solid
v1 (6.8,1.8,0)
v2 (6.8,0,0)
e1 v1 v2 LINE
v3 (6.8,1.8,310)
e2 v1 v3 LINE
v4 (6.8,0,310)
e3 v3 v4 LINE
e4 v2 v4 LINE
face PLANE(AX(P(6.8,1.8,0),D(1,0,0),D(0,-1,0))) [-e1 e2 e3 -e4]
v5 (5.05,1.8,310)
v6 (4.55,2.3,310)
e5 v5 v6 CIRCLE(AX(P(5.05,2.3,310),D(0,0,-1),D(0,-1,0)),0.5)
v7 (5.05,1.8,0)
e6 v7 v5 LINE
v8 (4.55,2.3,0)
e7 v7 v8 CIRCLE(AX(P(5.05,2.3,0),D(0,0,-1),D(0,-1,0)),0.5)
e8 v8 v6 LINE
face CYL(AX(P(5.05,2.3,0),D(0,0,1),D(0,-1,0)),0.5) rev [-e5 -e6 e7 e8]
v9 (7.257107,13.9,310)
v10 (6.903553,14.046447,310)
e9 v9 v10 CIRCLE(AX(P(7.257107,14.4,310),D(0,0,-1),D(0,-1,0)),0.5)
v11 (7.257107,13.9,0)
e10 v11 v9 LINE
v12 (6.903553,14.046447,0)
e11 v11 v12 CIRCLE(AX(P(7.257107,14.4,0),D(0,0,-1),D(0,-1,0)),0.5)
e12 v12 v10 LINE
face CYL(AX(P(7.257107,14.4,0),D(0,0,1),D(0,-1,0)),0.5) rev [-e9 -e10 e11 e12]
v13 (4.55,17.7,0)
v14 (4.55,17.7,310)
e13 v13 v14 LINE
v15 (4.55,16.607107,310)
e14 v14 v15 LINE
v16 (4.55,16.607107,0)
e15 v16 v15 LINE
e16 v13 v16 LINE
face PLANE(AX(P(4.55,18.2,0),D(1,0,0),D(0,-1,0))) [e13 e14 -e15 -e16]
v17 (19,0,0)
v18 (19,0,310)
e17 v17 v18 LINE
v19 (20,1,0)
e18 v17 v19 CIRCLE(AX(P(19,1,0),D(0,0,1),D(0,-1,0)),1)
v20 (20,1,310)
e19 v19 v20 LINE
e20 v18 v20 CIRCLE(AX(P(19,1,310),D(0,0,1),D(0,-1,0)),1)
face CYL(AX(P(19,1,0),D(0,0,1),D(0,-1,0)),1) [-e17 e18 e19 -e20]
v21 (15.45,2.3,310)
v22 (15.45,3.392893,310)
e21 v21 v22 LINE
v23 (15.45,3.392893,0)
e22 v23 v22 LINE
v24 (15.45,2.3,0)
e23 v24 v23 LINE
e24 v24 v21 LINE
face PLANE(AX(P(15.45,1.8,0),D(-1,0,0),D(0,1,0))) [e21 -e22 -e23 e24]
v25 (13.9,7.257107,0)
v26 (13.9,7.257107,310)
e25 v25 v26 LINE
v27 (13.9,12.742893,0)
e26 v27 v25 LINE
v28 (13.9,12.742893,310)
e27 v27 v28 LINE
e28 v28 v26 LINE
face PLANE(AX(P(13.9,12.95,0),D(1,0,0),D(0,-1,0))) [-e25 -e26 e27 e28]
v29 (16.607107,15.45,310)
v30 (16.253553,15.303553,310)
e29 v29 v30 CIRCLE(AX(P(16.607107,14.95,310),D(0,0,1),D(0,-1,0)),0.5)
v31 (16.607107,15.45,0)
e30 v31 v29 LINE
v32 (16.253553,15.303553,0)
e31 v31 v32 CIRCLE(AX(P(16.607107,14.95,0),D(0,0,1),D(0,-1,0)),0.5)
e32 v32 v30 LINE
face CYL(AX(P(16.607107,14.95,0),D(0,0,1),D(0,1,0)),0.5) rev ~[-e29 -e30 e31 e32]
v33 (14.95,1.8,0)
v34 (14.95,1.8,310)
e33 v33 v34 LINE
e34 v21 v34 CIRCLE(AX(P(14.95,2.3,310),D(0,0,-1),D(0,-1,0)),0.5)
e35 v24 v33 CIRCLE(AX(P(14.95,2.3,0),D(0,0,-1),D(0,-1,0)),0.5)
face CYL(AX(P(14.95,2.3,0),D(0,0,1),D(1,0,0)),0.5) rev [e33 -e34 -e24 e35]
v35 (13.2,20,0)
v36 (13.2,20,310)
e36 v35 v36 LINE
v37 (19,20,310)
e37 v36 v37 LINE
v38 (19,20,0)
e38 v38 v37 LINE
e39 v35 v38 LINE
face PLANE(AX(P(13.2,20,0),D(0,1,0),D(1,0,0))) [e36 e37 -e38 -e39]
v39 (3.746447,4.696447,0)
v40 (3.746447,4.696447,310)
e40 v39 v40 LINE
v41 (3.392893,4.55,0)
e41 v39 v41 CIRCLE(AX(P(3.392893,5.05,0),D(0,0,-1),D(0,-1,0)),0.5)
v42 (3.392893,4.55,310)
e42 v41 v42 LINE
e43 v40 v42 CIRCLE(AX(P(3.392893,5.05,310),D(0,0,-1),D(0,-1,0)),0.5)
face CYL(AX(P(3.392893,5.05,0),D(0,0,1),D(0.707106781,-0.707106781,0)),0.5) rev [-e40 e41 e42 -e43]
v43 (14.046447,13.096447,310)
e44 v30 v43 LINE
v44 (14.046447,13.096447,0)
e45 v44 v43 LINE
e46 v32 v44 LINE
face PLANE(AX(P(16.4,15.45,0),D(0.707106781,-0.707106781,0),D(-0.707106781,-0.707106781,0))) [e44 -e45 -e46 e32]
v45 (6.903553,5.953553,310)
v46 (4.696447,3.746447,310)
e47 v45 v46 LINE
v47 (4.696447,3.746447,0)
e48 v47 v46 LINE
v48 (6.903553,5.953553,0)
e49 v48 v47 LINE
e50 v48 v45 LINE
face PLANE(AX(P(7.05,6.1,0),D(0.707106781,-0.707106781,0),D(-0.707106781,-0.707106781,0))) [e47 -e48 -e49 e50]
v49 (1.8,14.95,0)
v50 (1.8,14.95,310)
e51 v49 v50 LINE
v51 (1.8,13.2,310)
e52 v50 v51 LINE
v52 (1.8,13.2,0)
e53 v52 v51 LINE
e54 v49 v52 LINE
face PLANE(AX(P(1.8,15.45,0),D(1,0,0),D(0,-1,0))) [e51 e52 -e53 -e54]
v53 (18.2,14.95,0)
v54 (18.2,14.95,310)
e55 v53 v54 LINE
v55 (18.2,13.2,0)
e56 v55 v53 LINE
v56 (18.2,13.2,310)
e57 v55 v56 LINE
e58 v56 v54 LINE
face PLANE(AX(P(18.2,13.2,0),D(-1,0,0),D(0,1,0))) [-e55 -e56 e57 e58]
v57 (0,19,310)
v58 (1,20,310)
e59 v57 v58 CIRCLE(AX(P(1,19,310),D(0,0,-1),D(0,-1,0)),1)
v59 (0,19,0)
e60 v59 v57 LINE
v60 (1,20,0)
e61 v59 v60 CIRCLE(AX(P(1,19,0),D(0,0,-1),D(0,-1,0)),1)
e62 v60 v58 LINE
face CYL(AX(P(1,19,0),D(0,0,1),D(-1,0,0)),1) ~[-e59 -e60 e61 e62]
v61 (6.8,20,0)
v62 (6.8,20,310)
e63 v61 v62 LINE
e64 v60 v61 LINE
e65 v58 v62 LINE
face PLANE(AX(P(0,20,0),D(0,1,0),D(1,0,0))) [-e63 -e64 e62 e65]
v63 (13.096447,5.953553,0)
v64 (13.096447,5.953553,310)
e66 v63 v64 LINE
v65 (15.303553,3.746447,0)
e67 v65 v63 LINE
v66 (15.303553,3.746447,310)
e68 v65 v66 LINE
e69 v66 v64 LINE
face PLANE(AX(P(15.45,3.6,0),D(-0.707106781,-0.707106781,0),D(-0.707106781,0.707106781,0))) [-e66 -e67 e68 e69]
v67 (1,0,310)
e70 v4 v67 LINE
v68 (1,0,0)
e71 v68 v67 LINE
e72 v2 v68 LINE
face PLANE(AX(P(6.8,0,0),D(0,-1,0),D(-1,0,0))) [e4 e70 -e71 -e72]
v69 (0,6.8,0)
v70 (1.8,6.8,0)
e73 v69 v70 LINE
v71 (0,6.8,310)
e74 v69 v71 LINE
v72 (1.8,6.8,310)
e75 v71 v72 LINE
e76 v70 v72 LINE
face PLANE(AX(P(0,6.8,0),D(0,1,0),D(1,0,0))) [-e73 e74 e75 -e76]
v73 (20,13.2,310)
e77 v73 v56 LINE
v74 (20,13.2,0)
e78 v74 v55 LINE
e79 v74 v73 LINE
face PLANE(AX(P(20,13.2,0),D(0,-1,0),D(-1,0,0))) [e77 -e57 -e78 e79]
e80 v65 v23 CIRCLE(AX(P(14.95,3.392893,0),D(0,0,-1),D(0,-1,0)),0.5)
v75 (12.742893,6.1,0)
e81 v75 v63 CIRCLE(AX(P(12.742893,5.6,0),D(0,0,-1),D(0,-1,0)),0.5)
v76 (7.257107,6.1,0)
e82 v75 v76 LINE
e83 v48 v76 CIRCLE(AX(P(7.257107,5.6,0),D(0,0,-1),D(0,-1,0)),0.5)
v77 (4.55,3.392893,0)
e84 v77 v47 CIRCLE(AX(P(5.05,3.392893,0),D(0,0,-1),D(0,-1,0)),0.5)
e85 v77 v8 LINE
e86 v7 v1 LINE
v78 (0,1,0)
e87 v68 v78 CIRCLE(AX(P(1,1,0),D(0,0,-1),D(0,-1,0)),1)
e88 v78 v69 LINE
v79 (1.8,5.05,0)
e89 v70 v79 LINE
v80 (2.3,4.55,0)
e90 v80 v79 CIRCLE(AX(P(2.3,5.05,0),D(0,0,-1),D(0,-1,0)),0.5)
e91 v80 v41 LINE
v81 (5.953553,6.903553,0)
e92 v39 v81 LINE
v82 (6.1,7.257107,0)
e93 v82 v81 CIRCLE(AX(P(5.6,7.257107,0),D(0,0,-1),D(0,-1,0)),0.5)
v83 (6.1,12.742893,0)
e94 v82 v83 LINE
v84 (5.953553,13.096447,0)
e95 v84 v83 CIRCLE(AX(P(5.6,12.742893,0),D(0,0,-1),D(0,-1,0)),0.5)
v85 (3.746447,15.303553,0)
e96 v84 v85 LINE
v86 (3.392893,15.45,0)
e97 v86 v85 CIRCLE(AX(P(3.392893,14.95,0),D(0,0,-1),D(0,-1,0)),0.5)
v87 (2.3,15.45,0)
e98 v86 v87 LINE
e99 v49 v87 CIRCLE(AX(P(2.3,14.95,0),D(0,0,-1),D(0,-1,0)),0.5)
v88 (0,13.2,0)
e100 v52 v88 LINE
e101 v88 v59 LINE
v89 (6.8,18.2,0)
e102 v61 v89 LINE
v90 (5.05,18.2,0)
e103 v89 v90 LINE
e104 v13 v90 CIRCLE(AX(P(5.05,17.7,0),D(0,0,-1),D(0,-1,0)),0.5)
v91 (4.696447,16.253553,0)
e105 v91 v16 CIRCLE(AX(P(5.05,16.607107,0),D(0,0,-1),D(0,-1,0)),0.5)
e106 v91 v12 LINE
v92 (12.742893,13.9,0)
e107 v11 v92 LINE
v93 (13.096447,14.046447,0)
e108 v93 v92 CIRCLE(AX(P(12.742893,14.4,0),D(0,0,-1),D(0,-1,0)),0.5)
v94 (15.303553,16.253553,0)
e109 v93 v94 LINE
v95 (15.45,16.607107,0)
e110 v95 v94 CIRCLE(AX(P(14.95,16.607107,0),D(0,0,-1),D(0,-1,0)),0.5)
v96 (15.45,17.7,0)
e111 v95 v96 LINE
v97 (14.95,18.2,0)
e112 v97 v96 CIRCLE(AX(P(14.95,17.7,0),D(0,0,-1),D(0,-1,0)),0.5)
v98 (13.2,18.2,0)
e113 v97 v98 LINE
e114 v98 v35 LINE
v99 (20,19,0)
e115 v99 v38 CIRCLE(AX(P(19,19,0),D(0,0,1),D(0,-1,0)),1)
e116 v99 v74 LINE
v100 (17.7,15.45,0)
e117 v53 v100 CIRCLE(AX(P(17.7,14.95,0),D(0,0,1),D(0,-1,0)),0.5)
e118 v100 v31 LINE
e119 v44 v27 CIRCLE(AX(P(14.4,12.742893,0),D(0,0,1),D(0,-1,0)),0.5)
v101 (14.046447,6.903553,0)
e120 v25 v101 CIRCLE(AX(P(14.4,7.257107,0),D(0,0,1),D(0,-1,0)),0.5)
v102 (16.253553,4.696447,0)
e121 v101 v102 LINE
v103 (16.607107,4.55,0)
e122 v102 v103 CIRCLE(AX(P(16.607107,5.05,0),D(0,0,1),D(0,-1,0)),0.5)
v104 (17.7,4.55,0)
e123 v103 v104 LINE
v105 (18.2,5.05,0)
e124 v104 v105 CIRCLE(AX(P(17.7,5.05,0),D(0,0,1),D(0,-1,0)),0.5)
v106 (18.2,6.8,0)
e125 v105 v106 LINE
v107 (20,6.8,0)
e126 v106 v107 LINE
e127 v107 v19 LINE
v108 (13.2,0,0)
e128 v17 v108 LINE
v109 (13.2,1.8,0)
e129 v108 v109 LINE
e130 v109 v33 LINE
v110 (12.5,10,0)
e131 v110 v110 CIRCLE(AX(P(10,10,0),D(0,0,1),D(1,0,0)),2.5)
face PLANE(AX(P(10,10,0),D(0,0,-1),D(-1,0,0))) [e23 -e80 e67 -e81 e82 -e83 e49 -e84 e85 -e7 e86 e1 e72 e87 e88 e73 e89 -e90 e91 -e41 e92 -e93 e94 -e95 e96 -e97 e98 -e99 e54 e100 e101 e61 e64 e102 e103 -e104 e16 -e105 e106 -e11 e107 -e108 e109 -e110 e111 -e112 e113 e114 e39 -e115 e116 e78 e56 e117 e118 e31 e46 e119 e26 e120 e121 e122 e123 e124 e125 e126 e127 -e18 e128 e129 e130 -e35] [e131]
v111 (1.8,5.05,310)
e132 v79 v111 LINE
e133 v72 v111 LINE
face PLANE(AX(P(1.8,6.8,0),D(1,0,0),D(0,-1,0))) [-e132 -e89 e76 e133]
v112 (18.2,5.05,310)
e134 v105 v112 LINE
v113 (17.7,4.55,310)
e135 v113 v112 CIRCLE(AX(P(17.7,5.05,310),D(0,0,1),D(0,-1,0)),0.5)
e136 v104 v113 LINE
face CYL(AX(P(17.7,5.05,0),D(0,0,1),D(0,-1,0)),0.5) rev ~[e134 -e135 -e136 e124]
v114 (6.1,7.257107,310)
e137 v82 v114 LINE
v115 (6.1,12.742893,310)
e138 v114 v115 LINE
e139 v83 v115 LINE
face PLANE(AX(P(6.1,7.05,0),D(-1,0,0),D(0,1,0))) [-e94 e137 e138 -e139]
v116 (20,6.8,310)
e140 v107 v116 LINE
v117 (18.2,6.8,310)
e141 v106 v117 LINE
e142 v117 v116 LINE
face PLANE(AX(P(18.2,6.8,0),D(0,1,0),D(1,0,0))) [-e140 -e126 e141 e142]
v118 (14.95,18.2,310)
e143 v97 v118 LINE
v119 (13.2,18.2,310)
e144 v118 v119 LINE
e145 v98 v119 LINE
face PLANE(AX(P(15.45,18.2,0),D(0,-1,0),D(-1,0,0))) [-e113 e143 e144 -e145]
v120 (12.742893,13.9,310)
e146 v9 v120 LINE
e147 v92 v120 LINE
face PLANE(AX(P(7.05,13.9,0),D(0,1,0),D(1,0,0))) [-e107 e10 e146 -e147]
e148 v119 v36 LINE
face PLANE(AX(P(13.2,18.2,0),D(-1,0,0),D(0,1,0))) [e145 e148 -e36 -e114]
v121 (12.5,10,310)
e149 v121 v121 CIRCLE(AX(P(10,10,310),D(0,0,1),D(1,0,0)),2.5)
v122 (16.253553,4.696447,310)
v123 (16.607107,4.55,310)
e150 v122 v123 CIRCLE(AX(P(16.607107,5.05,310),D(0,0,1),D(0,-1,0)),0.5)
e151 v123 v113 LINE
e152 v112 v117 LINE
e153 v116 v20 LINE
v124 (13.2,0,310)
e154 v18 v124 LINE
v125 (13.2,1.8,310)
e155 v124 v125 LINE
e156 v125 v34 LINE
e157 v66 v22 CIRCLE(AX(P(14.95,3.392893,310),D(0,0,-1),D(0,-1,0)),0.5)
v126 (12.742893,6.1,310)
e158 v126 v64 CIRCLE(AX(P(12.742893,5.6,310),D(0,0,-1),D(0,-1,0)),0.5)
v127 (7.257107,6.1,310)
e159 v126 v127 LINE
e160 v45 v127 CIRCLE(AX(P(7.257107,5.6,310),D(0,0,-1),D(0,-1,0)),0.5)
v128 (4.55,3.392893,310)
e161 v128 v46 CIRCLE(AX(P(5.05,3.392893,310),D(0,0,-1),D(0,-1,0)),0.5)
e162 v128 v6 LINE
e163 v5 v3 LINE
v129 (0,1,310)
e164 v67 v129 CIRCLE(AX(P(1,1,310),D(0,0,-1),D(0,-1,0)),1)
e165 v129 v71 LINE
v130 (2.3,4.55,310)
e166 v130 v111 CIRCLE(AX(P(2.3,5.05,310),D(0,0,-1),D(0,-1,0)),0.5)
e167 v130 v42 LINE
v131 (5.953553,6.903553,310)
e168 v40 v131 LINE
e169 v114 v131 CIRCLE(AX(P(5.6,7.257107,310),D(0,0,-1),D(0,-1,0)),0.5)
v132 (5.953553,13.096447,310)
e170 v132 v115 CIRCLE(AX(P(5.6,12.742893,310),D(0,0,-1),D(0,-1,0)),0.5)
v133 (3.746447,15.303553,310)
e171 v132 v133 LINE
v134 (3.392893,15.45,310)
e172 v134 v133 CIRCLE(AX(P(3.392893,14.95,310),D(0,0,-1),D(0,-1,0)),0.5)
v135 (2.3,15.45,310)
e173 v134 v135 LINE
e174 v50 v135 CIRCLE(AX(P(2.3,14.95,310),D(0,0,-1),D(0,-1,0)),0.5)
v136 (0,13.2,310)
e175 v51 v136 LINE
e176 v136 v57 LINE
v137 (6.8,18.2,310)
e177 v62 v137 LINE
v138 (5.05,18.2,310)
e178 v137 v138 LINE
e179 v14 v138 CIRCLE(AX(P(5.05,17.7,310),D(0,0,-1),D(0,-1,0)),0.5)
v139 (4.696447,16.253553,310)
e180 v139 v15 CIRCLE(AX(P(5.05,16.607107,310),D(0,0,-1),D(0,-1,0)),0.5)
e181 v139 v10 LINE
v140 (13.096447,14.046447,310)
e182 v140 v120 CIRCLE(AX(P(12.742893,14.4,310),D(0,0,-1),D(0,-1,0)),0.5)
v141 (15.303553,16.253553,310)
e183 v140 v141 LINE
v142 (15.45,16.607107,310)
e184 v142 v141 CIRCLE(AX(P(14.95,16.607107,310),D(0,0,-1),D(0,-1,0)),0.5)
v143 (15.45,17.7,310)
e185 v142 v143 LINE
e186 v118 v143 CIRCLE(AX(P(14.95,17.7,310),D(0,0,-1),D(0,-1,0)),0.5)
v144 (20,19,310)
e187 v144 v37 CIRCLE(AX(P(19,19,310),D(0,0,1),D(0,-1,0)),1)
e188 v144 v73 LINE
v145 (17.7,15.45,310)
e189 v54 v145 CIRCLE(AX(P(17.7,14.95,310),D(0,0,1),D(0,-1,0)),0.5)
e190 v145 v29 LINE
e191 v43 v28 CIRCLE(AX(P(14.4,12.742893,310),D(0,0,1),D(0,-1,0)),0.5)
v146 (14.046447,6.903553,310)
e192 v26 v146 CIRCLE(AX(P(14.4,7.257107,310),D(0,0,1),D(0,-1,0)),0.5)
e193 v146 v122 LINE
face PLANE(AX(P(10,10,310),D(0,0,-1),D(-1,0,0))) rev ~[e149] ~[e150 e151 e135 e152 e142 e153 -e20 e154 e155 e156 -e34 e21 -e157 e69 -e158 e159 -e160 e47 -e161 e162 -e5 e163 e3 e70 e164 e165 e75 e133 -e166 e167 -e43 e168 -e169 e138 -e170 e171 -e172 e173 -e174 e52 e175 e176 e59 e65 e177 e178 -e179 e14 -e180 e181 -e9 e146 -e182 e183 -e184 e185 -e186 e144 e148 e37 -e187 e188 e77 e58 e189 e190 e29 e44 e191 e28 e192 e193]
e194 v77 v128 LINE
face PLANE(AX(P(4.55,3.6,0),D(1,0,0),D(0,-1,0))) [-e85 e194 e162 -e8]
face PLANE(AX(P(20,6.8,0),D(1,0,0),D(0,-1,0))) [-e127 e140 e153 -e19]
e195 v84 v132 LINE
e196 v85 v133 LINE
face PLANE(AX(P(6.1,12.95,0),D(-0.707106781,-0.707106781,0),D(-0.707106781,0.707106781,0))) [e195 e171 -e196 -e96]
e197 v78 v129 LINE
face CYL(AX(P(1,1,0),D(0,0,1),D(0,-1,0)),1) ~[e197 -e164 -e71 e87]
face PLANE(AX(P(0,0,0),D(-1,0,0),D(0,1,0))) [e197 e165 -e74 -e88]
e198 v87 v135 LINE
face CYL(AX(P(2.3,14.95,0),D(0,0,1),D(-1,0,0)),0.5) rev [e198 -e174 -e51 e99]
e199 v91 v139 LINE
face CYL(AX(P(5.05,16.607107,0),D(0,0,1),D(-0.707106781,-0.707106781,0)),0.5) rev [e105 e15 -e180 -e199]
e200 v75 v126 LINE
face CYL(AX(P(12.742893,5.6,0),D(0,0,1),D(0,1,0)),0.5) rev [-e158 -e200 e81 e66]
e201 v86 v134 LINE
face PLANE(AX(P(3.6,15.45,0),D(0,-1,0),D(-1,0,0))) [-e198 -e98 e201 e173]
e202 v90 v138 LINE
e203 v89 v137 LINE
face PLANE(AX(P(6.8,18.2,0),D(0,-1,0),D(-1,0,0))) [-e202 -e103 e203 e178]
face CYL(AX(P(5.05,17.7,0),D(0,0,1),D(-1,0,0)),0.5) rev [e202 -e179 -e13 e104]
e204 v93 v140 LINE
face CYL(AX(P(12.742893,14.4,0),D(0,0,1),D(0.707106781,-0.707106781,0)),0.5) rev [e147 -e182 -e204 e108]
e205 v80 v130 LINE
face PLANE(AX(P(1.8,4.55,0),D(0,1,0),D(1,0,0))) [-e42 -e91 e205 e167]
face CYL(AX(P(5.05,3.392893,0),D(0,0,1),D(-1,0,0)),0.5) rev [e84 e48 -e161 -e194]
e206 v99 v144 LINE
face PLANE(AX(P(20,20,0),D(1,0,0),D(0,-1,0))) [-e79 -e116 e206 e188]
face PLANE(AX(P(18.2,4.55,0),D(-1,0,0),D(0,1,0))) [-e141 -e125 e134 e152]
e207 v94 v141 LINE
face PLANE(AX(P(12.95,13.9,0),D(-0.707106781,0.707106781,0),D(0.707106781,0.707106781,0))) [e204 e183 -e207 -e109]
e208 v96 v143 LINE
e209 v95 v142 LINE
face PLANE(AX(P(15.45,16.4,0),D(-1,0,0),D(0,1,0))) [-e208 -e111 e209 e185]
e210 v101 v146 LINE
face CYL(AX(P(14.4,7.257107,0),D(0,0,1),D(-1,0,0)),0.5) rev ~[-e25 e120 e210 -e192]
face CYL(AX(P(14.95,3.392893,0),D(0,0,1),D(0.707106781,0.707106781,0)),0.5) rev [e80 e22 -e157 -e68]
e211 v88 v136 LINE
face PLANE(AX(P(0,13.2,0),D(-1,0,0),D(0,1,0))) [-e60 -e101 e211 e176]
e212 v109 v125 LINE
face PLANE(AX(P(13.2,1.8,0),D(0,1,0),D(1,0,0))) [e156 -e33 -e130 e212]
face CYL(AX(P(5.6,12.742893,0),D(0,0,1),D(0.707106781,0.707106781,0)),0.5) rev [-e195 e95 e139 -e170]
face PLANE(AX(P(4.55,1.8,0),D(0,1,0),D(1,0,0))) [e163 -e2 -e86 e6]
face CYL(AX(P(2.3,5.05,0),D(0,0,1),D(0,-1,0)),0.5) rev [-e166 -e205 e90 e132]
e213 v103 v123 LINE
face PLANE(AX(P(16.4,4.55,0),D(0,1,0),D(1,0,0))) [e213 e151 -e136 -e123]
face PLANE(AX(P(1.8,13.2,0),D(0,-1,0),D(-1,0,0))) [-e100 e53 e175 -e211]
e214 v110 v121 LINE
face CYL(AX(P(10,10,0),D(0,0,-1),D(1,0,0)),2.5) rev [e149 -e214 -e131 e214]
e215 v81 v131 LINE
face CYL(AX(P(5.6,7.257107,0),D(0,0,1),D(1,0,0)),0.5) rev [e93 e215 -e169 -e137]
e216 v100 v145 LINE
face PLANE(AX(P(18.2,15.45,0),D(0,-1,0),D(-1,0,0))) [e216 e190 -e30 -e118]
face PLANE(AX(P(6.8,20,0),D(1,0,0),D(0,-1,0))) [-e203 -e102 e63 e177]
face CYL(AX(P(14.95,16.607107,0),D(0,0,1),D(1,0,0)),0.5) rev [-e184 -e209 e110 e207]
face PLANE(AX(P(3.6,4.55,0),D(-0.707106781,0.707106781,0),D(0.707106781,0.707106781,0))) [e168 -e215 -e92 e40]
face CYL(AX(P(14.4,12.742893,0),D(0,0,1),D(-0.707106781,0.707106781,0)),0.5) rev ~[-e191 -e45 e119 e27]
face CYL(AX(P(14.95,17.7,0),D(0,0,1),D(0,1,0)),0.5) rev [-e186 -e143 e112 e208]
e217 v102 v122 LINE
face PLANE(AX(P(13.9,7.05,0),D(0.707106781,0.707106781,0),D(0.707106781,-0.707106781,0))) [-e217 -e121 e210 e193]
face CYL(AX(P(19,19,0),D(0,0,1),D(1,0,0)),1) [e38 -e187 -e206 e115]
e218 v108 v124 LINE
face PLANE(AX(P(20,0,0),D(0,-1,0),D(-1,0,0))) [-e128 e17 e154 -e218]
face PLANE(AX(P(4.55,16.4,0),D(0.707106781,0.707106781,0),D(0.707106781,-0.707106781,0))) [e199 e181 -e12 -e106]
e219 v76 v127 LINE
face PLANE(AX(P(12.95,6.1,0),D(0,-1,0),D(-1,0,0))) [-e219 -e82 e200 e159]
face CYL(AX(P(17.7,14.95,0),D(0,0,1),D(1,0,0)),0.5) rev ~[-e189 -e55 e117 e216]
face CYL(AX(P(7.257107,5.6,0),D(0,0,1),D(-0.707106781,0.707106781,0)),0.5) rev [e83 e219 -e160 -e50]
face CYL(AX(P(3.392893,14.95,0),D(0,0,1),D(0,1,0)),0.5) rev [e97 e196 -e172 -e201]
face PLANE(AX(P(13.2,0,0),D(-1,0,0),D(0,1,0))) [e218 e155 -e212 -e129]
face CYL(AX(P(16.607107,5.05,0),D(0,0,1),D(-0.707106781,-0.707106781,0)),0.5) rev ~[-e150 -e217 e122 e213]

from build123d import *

# Parameters (mm, degrees)
SKETCH1_R           = 2.5
BOSS_EXTRUDE1_DEPTH = 310
FILLET1_R           = 1
FILLET2_R           = 0.5
FILLET3_R           = 0.5
FILLET4_R           = 0.5
FILLET5_R           = 0.5


with BuildPart() as part:
    # Sketch1 → Boss-Extrude1 (new body)
    with BuildSketch(Plane.XY):
        Polygon((13.2, 0), (13.2, 1.8), (15.45, 1.8), (15.45, 3.6), (12.95, 6.1), (7.05, 6.1), (4.55, 3.6), (4.55, 1.8), (6.8, 1.8), (6.8, 0), (0, 0), (0, 6.8), (1.8, 6.8), (1.8, 4.55), (3.6, 4.55), (6.1, 7.05), (6.1, 12.95), (3.6, 15.45), (1.8, 15.45), (1.8, 13.2), (0, 13.2), (0, 20), (6.8, 20), (6.8, 18.2), (4.55, 18.2), (4.55, 16.4), (7.05, 13.9), (12.95, 13.9), (15.45, 16.4), (15.45, 18.2), (13.2, 18.2), (13.2, 20), (20, 20), (20, 13.2), (18.2, 13.2), (18.2, 15.45), (16.4, 15.45), (13.9, 12.95), (13.9, 7.05), (16.4, 4.55), (18.2, 4.55), (18.2, 6.8), (20, 6.8), (20, 0), align=None)
        with Locations((10, 10)):
            Circle(SKETCH1_R, mode=Mode.SUBTRACT)
    extrude(amount=BOSS_EXTRUDE1_DEPTH)

    # Fillet1
    fillet1_edges = [part.edges().sort_by_distance(p)[0] for p in [
        (0, 0, 155),
        (0, 20, 155),
        (20, 20, 155),
        (20, 0, 155),
    ]]
    fillet(fillet1_edges, radius=FILLET1_R)

    # Fillet2
    fillet2_edges = [part.edges().sort_by_distance(p)[0] for p in [
        (4.55, 18.2, 155),
        (4.55, 16.4, 155),
        (7.05, 13.9, 155),
        (12.95, 13.9, 155),
        (15.45, 16.4, 155),
        (15.45, 18.2, 155),
    ]]
    fillet(fillet2_edges, radius=FILLET2_R)

    # Fillet3
    fillet3_edges = [part.edges().sort_by_distance(p)[0] for p in [
        (18.2, 15.45, 155),
        (16.4, 15.45, 155),
        (13.9, 12.95, 155),
        (13.9, 7.05, 155),
        (16.4, 4.55, 155),
        (18.2, 4.55, 155),
    ]]
    fillet(fillet3_edges, radius=FILLET3_R)

    # Fillet4
    fillet4_edges = [part.edges().sort_by_distance(p)[0] for p in [
        (1.8, 4.55, 155),
        (3.6, 4.55, 155),
        (6.1, 7.05, 155),
        (6.1, 12.95, 155),
        (3.6, 15.45, 155),
        (1.8, 15.45, 155),
    ]]
    fillet(fillet4_edges, radius=FILLET4_R)

    # Fillet5
    fillet5_edges = [part.edges().sort_by_distance(p)[0] for p in [
        (15.45, 1.8, 155),
        (15.45, 3.6, 155),
        (12.95, 6.1, 155),
        (7.05, 6.1, 155),
        (4.55, 3.6, 155),
        (4.55, 1.8, 155),
    ]]
    fillet(fillet5_edges, radius=FILLET5_R)


solid = part.part
